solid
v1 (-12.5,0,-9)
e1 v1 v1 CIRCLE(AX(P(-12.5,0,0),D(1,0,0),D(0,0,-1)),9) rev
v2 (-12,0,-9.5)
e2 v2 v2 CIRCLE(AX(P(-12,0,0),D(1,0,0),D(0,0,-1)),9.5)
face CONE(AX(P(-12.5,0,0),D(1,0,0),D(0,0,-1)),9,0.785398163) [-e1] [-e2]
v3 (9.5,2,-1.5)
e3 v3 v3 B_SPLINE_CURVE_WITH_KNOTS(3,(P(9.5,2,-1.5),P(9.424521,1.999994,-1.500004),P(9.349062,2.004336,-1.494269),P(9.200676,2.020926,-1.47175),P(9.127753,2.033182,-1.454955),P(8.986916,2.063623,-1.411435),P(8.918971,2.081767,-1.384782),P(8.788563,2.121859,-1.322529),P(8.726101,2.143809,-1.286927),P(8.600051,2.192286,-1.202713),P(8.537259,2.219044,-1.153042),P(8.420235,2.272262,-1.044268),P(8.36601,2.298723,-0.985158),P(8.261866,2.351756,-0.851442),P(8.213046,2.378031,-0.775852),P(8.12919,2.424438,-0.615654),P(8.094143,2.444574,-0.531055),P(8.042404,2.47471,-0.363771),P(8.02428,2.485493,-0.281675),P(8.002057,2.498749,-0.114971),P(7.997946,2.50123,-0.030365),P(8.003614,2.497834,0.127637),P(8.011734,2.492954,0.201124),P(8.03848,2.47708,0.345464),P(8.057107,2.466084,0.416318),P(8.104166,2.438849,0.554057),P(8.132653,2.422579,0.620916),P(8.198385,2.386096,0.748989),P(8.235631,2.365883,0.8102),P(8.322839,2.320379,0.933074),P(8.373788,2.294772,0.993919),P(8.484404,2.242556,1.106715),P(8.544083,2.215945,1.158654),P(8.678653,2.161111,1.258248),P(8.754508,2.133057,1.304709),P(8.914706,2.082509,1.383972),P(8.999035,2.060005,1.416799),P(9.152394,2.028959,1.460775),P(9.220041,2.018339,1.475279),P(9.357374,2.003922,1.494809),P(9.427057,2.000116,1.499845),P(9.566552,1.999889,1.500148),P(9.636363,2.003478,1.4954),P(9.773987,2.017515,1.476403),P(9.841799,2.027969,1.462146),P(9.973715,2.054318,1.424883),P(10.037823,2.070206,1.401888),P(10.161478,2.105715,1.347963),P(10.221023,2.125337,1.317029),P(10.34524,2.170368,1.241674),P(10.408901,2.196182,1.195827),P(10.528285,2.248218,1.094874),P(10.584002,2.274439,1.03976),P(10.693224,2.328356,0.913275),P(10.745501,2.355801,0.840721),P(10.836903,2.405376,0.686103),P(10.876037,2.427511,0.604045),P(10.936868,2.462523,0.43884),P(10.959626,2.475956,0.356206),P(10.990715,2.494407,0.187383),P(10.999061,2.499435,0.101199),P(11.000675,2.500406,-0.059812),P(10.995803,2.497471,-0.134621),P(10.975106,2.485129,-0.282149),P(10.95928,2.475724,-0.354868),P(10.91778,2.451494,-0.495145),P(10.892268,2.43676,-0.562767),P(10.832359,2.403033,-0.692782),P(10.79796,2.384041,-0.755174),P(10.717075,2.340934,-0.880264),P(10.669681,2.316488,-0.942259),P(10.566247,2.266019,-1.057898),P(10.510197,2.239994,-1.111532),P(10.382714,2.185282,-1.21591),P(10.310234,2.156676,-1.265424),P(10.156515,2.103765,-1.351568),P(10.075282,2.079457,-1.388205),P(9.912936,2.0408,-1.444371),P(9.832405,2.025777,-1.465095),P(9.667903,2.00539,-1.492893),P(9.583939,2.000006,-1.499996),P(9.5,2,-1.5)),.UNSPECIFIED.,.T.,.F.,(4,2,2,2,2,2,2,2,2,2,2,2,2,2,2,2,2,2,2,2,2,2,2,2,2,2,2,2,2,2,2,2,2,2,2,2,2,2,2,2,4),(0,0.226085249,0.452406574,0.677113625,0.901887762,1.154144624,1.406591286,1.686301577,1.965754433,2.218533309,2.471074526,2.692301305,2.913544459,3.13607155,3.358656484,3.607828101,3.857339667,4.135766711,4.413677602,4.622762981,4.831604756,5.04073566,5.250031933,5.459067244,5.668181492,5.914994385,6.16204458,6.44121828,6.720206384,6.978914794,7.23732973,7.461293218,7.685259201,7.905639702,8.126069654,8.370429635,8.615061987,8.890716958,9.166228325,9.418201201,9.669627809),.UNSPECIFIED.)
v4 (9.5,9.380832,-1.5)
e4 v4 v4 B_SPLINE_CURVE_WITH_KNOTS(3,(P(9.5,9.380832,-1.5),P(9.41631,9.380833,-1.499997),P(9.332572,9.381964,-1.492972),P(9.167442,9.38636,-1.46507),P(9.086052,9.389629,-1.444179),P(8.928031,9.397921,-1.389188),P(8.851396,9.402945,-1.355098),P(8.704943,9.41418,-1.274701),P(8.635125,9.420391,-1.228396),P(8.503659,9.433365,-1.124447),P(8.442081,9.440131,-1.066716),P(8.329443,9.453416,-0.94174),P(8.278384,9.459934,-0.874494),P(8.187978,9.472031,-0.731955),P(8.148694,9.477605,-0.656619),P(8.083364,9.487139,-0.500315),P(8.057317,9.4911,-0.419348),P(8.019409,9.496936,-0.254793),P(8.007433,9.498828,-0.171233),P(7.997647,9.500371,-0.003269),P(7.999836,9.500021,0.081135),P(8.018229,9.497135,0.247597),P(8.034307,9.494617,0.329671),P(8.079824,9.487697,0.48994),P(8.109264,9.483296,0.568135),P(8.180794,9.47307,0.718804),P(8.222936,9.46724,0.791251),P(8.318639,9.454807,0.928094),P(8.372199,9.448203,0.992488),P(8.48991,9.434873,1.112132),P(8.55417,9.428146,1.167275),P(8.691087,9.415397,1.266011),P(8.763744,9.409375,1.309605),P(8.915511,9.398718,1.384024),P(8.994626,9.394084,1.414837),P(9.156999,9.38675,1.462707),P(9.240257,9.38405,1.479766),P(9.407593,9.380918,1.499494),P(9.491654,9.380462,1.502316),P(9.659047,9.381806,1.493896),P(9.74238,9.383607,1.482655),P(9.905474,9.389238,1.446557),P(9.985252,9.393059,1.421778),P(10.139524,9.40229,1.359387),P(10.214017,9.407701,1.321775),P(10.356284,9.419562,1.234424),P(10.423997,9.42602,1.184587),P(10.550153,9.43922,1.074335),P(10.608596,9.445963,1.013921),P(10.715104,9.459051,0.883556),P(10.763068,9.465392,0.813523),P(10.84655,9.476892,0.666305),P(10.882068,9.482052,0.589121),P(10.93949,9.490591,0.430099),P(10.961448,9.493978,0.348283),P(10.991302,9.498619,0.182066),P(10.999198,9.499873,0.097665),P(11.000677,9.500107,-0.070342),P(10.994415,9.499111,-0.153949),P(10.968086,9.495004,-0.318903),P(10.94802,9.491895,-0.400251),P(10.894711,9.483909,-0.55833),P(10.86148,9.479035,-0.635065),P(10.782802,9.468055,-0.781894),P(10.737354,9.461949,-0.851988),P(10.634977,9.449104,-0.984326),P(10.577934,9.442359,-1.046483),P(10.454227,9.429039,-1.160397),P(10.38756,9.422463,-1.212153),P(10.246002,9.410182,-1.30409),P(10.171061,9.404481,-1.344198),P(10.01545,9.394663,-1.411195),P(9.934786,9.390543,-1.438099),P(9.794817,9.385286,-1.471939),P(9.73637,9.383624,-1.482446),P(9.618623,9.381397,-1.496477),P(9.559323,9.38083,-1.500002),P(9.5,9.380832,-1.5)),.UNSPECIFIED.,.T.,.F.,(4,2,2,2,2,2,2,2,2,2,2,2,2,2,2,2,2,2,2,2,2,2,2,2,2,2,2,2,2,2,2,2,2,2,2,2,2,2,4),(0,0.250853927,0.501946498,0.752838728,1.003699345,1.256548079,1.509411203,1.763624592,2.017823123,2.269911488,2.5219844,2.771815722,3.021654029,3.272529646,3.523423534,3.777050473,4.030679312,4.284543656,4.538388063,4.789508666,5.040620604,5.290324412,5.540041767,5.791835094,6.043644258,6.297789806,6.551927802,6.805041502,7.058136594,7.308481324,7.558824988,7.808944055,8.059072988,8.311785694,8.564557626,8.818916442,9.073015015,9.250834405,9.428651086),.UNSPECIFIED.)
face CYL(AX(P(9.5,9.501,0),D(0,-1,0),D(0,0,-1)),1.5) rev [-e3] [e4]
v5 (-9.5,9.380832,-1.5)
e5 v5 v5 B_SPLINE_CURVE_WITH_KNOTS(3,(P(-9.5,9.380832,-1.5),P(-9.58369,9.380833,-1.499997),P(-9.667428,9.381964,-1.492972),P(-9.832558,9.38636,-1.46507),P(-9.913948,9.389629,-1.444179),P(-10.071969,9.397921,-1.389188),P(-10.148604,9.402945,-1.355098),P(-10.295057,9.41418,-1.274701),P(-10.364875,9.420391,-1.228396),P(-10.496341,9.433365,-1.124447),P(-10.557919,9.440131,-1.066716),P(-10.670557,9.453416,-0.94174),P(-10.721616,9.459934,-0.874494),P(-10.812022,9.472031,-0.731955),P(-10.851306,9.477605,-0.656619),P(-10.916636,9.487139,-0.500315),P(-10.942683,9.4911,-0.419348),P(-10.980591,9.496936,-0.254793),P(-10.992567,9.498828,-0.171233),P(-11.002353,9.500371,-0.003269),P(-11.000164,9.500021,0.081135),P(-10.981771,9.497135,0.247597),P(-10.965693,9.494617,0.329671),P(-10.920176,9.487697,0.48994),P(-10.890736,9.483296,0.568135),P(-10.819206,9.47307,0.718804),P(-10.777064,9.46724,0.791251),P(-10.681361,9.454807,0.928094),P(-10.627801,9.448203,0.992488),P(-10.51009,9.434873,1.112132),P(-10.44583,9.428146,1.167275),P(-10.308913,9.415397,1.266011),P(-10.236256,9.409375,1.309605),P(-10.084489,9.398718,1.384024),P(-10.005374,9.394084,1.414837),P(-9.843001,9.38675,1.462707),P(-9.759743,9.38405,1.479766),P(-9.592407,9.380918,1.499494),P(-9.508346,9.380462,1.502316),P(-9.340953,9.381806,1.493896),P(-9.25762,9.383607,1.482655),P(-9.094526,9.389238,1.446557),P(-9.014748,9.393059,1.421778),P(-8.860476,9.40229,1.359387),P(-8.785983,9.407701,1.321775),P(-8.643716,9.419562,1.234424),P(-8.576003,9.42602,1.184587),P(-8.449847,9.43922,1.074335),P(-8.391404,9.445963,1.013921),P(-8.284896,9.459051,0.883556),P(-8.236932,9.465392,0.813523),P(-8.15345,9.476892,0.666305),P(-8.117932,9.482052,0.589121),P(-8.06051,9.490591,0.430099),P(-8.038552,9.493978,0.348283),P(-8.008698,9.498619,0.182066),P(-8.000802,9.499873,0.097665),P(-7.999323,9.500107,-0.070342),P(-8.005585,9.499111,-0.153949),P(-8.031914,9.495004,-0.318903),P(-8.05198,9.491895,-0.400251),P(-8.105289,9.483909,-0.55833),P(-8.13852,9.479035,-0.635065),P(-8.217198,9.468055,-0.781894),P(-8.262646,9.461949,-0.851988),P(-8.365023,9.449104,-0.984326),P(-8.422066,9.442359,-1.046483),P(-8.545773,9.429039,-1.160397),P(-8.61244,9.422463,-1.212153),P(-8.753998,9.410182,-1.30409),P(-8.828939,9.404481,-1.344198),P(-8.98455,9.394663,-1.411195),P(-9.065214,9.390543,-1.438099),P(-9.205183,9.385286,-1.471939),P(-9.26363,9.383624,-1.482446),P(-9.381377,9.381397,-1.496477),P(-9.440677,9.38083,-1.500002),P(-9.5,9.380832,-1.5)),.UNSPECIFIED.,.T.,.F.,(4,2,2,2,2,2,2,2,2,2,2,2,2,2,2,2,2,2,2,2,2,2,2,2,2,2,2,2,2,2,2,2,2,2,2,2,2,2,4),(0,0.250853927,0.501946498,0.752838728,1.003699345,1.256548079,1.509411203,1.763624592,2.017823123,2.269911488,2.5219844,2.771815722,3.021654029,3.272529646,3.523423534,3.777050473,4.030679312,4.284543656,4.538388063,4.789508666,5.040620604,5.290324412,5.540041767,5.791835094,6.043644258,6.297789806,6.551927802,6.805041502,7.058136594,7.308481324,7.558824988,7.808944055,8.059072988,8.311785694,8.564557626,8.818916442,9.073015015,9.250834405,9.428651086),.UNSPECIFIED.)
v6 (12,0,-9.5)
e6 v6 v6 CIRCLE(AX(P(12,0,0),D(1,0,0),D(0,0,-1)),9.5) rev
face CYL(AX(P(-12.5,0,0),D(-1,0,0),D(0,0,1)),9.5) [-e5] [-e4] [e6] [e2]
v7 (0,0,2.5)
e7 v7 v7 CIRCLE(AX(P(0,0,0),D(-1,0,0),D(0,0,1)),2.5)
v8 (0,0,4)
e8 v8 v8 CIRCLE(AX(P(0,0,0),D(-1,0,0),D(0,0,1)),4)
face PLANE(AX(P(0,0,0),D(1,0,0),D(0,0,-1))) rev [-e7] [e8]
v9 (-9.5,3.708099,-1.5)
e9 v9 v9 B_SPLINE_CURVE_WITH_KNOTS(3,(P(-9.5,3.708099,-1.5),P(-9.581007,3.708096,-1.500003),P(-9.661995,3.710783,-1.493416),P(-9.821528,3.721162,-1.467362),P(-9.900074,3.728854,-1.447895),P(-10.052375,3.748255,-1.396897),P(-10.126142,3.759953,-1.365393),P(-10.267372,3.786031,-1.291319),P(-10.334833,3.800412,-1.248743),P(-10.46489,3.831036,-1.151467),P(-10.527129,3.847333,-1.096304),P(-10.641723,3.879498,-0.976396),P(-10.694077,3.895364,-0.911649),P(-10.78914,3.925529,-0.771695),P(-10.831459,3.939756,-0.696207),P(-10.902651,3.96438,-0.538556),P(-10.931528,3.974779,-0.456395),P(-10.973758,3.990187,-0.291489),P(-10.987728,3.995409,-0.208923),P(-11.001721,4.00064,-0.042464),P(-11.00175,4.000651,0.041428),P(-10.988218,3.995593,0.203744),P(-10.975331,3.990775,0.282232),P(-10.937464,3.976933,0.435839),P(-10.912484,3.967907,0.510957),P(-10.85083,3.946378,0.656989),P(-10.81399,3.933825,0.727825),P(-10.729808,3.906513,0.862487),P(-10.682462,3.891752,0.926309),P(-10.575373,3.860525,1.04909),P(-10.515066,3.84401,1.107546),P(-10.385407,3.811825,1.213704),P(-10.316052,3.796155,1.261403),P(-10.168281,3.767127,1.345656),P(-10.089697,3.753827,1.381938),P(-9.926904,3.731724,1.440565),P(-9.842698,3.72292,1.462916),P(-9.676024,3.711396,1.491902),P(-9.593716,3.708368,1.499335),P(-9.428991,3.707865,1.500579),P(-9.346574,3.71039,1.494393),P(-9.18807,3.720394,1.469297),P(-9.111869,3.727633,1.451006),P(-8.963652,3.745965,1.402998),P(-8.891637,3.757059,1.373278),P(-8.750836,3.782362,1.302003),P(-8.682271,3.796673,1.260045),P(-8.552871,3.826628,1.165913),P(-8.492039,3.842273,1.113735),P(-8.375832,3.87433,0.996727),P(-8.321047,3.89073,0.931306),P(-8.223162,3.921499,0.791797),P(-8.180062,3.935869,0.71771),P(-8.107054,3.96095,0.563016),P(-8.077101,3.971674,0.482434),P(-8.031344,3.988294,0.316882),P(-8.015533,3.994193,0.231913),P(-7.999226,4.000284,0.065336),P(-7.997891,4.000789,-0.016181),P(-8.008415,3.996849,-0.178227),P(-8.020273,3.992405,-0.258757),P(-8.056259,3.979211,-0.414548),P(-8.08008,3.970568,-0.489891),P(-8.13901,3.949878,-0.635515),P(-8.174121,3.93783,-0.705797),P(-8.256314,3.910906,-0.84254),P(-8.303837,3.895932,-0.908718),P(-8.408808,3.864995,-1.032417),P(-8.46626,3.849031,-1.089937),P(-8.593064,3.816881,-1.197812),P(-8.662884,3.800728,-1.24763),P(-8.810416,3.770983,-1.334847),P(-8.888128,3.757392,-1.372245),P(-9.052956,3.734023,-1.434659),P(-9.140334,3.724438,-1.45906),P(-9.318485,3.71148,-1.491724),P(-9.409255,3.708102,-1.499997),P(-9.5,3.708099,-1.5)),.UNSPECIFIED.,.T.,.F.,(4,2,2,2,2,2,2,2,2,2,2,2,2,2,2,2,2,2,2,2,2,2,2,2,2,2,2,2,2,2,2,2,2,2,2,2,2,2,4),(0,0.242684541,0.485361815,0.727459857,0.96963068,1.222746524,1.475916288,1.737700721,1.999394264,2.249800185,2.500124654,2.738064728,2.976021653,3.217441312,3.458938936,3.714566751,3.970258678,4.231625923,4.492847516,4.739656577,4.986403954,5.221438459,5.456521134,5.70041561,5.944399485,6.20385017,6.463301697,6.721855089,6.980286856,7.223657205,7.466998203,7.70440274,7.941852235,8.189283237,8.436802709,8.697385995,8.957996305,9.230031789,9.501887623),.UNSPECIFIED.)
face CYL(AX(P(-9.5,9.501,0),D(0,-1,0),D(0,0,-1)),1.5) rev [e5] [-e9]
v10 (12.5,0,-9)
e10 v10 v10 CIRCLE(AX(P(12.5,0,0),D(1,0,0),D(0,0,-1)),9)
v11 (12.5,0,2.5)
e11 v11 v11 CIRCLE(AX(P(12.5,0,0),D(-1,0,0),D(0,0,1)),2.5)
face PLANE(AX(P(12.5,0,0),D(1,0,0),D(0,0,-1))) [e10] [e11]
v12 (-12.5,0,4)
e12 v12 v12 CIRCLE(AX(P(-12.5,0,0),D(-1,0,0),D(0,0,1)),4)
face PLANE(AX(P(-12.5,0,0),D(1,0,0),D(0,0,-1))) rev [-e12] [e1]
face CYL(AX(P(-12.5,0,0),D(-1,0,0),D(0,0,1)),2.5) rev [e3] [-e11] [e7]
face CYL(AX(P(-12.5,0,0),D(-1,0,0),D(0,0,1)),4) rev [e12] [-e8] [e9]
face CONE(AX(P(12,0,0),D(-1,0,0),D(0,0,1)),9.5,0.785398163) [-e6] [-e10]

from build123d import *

# Parameters (mm, degrees)
CUT_EXTRUDE1_REACH = 11.5
SKETCH2_R          = 1.5
CHAMFER1_SIZE      = 0.5


with BuildPart() as part:
    # Sketch1 → Revolve1 (revolve)
    with BuildSketch(Plane.XY):
        Polygon((-12.5, 4), (0, 4), (0, 2.5), (12.5, 2.5), (12.5, 9.5), (-12.5, 9.5), align=None)
    revolve(axis=Axis((-12.5, 0, 0), (1, 0, 0)))

    # Sketch2 → Cut-Extrude1 (cut, up to next)
    with BuildSketch(Plane(origin=(0, 0, 0), x_dir=(1, 0, 0), z_dir=(0, 1, 0)), mode=Mode.PRIVATE) as cut_extrude1_sk1:
        with Locations((-9.5, 0)):
            Circle(SKETCH2_R)
    cut_extrude1_tool1 = extrude(cut_extrude1_sk1.sketch, amount=CUT_EXTRUDE1_REACH, mode=Mode.PRIVATE) & part.part
    add(cut_extrude1_tool1.solids().sort_by_distance((-9.5, 0, 0))[0], mode=Mode.SUBTRACT)
    # Sketch2 → Cut-Extrude1 (cut, up to next)
    with BuildSketch(Plane(origin=(0, 0, 0), x_dir=(1, 0, 0), z_dir=(0, 1, 0)), mode=Mode.PRIVATE) as cut_extrude1_sk2:
        with Locations((9.5, 0)):
            Circle(SKETCH2_R)
    cut_extrude1_tool2 = extrude(cut_extrude1_sk2.sketch, amount=CUT_EXTRUDE1_REACH, mode=Mode.PRIVATE) & part.part
    add(cut_extrude1_tool2.solids().sort_by_distance((9.5, 0, 0))[0], mode=Mode.SUBTRACT)

    # Chamfer1
    chamfer1_edges = [part.edges().sort_by_distance(p)[0] for p in [
        (-12.5, -9.5, 0),
        (12.5, -9.5, 0),
    ]]
    chamfer(chamfer1_edges, length=CHAMFER1_SIZE)


solid = part.part
